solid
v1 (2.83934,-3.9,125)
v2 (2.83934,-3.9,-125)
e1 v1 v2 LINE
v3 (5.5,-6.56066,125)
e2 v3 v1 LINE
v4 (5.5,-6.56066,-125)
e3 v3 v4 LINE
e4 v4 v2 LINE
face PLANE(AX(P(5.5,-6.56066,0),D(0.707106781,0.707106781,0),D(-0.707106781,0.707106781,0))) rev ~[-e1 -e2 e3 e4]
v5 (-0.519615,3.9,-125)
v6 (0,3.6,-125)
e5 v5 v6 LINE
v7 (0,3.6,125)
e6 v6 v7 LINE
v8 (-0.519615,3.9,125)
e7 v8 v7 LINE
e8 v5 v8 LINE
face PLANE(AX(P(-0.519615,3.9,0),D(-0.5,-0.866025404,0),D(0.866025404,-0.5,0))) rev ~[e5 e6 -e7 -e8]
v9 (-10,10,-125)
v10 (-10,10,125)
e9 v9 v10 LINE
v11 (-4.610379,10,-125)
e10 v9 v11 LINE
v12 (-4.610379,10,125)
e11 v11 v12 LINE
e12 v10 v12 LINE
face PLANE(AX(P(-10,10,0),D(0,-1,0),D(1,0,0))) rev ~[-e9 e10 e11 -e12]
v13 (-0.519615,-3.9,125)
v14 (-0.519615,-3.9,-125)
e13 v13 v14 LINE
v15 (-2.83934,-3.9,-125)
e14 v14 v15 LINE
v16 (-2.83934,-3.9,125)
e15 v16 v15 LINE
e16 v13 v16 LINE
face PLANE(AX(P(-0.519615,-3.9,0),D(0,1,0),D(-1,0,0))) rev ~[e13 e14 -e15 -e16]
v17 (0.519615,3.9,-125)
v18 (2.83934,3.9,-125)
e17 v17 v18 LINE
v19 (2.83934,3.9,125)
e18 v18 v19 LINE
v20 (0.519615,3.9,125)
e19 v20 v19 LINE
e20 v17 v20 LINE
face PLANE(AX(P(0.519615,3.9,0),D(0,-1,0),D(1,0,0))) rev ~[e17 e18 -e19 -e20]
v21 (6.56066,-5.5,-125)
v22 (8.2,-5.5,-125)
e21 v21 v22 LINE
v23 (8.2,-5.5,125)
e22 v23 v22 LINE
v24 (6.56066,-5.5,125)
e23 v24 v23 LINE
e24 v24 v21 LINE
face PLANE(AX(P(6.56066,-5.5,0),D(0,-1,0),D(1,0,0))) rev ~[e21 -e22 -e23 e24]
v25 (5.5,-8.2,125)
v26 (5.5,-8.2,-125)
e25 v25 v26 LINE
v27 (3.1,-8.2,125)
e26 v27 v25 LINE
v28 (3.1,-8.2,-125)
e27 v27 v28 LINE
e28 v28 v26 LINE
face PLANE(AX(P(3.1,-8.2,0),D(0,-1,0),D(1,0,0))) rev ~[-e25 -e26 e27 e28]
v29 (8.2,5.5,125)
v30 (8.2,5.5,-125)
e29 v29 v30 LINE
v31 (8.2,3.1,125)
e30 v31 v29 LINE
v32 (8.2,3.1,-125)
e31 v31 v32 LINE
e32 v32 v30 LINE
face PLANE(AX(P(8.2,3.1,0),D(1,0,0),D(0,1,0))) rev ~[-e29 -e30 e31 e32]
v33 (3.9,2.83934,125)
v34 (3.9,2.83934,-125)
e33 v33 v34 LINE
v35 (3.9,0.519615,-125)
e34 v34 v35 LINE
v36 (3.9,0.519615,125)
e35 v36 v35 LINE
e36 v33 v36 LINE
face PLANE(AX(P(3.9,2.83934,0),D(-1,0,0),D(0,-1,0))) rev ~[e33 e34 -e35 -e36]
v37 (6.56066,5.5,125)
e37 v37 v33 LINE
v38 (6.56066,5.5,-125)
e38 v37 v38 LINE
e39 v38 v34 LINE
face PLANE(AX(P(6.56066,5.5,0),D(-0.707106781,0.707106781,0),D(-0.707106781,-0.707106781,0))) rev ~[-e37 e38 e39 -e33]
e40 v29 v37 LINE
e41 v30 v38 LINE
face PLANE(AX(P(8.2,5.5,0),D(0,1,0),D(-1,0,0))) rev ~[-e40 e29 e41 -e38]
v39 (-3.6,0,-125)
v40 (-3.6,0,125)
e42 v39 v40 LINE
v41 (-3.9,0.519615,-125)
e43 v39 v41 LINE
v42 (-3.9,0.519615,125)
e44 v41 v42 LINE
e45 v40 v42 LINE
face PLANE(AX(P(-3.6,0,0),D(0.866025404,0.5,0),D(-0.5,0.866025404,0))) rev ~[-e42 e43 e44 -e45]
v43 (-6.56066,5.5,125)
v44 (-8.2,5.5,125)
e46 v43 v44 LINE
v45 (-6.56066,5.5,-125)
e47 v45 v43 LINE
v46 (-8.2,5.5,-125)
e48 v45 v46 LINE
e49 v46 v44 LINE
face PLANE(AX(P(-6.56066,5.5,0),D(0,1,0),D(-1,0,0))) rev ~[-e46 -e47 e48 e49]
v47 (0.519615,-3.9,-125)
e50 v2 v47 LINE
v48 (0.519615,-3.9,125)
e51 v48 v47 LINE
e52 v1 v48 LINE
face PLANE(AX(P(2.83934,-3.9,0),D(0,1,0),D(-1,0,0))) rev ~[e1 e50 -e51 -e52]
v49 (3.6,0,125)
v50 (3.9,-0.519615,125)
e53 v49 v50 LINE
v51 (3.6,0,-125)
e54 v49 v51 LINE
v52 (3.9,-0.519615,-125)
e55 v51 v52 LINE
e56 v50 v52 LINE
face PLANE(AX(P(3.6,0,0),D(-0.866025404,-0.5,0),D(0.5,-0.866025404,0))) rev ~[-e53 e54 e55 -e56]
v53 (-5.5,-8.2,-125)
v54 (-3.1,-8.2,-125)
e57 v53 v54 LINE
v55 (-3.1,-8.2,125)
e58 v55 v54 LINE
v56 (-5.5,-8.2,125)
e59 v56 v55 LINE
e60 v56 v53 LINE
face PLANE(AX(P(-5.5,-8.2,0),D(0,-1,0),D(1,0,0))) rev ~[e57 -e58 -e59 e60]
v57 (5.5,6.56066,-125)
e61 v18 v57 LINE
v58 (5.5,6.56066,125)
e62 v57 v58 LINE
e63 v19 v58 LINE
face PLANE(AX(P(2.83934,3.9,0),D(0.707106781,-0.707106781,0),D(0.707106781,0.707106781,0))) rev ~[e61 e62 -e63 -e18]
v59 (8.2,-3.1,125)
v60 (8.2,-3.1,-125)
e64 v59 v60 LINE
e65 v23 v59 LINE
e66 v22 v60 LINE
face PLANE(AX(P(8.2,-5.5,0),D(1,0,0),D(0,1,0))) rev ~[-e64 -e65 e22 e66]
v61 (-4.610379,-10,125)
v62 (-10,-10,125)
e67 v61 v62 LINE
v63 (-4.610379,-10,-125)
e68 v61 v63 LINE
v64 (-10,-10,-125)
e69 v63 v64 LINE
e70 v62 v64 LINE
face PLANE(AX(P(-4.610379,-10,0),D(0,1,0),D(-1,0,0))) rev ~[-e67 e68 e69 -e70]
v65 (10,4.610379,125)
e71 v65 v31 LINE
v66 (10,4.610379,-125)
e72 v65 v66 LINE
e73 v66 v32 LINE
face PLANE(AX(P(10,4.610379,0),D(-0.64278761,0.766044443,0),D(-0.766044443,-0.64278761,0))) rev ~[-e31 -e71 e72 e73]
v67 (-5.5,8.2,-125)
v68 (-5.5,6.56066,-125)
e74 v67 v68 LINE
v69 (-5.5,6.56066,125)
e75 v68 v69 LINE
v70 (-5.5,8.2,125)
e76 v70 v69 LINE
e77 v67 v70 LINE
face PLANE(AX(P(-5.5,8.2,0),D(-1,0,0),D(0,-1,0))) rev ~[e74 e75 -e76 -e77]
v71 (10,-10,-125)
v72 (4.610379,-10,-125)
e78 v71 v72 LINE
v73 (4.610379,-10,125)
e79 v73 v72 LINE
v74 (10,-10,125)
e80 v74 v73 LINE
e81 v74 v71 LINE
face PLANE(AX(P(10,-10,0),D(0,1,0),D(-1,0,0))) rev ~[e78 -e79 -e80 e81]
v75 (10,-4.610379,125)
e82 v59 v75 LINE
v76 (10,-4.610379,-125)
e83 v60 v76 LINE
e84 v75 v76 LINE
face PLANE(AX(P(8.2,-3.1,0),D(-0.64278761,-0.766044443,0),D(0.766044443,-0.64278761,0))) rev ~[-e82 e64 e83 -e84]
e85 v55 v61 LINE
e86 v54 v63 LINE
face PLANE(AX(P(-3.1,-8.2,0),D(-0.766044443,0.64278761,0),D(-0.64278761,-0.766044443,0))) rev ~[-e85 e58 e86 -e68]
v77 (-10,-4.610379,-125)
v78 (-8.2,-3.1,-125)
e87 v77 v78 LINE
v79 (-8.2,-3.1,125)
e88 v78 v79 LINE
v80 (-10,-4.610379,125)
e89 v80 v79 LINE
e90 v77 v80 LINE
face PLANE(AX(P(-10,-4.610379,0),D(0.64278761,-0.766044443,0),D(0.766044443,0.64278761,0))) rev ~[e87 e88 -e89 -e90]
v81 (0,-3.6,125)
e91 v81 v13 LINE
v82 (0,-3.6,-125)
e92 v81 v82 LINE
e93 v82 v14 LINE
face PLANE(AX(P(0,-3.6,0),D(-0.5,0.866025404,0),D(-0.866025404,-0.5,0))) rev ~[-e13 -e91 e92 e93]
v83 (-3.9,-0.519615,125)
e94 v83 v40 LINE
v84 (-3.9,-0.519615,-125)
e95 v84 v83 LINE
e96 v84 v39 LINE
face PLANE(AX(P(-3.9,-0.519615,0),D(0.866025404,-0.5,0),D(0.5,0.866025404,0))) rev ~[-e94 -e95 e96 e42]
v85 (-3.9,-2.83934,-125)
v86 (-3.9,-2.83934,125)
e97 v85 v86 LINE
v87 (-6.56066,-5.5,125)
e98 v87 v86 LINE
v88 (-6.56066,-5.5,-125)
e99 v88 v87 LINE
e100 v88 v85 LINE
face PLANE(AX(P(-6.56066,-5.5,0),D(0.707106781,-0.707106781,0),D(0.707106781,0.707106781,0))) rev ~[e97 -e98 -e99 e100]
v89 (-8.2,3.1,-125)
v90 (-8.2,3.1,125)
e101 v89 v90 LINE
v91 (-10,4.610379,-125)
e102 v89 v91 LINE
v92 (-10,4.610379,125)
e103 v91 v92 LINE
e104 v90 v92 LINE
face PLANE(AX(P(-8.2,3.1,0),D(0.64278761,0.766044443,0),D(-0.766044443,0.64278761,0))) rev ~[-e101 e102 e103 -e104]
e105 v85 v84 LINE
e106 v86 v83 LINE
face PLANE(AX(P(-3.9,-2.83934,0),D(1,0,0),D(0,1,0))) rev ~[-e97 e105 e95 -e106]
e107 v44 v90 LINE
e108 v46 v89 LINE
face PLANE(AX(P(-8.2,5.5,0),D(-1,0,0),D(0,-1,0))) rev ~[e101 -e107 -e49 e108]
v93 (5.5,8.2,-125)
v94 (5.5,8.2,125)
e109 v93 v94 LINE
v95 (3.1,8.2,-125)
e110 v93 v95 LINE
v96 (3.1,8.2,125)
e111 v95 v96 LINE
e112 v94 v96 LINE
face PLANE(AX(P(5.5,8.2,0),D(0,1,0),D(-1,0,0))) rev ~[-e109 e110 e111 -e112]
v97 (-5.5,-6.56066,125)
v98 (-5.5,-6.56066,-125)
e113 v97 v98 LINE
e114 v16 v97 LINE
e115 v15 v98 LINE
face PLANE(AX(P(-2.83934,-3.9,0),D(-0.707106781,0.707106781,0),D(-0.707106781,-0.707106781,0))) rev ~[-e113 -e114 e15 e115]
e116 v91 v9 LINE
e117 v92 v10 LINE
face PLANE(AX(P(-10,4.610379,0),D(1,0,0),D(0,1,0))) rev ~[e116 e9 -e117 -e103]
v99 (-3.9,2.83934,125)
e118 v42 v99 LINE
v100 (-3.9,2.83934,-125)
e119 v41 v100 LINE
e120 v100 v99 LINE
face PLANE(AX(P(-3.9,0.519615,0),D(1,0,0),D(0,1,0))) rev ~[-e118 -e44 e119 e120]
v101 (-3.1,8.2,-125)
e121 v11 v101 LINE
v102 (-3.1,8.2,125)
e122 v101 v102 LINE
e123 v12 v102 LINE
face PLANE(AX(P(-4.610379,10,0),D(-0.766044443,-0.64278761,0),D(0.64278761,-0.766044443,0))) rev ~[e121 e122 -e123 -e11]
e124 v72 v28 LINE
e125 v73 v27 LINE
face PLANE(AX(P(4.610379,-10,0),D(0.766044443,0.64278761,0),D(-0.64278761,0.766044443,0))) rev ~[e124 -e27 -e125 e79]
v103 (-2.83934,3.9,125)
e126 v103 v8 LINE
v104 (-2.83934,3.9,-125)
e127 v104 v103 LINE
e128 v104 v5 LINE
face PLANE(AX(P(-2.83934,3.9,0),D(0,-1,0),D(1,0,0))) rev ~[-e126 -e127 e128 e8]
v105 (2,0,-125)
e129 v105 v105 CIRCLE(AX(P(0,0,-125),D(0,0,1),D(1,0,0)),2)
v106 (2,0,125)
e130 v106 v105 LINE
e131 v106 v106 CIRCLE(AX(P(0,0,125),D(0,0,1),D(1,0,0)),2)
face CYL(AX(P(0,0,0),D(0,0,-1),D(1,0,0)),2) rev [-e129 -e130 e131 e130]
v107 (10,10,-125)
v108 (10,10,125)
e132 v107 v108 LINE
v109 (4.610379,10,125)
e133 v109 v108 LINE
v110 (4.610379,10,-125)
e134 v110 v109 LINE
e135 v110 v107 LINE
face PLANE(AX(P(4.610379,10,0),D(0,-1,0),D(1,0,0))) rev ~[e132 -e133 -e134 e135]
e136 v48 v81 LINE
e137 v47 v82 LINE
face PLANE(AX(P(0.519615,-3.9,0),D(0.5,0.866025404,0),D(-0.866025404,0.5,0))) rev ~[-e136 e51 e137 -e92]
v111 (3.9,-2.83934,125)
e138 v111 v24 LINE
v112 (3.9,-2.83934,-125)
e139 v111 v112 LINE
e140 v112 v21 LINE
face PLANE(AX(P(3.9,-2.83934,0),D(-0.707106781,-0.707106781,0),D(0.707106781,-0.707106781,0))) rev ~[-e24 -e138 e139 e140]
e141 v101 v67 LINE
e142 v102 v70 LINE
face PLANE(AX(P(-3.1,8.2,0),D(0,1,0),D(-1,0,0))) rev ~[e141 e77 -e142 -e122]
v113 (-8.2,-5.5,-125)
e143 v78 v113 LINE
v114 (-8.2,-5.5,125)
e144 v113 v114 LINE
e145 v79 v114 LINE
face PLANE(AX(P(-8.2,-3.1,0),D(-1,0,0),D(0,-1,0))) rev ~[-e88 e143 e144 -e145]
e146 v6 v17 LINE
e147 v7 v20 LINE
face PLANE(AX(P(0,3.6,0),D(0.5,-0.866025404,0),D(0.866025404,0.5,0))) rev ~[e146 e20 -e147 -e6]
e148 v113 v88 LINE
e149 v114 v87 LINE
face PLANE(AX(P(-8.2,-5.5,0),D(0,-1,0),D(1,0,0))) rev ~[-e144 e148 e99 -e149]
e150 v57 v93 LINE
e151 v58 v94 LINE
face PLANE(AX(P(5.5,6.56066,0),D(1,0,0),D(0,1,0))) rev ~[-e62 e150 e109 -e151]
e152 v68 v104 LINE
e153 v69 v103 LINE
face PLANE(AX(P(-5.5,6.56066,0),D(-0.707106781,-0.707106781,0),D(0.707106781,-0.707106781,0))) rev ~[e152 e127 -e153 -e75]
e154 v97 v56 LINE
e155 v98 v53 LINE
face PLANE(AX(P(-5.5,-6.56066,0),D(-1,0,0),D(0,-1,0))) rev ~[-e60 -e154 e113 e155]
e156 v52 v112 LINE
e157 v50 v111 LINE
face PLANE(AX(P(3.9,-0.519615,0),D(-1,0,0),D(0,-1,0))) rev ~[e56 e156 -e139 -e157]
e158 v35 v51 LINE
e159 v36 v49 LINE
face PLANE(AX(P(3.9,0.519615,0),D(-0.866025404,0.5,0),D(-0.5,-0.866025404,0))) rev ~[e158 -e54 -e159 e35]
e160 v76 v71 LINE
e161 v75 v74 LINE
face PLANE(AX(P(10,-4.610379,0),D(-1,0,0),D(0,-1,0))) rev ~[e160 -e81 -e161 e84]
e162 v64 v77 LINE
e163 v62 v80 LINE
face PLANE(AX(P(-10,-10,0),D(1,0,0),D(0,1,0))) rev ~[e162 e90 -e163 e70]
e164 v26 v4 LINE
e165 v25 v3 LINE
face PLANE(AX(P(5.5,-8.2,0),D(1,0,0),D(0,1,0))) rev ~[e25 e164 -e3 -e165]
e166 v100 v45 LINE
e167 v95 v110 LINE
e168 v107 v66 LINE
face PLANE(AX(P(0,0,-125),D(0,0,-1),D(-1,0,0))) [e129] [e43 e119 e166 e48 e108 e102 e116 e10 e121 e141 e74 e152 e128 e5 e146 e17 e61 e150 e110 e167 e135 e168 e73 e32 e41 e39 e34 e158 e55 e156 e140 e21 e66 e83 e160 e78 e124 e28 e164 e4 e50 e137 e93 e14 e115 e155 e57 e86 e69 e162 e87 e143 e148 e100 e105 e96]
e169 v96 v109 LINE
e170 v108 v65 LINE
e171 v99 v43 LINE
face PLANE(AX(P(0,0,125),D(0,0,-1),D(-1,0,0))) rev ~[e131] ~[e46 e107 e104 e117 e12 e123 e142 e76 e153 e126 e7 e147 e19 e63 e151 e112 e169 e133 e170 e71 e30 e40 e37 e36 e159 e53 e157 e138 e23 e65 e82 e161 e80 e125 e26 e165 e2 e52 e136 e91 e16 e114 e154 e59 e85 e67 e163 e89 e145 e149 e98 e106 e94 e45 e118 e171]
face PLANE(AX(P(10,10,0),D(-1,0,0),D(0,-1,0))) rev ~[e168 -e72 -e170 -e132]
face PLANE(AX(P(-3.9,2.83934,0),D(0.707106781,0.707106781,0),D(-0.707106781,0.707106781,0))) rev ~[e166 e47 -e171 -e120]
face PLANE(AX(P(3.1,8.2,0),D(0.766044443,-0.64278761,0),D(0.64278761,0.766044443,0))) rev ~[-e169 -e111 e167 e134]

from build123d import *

# Parameters (mm, degrees)
SKETCH1_R           = 2
BOSS_EXTRUDE1_DEPTH = 125


with BuildPart() as part:
    # Sketch1 → Boss-Extrude1 (new, symmetric)
    with BuildSketch(Plane.XY):
        Polygon((10, 10), (10, 4.610379336), (8.2, 3.1), (8.2, 5.5), (6.560660172, 5.5), (3.9, 2.839339828), (3.9, 0.519615242), (3.6, 0), (3.9, -0.519615242), (3.9, -2.839339828), (6.560660172, -5.5), (8.2, -5.5), (8.2, -3.1), (10, -4.610379336), (10, -10), (4.610379336, -10), (3.1, -8.2), (5.5, -8.2), (5.5, -6.560660172), (2.839339828, -3.9), (0.519615242, -3.9), (0, -3.6), (-0.519615242, -3.9), (-2.839339828, -3.9), (-5.5, -6.560660172), (-5.5, -8.2), (-3.1, -8.2), (-4.610379336, -10), (-10, -10), (-10, -4.610379336), (-8.2, -3.1), (-8.2, -5.5), (-6.560660172, -5.5), (-3.9, -2.839339828), (-3.9, -0.519615242), (-3.6, 0), (-3.9, 0.519615242), (-3.9, 2.839339828), (-6.560660172, 5.5), (-8.2, 5.5), (-8.2, 3.1), (-10, 4.610379336), (-10, 10), (-4.610379336, 10), (-3.1, 8.2), (-5.5, 8.2), (-5.5, 6.560660172), (-2.839339828, 3.9), (-0.519615242, 3.9), (0, 3.6), (0.519615242, 3.9), (2.839339828, 3.9), (5.5, 6.560660172), (5.5, 8.2), (3.1, 8.2), (4.610379336, 10), align=None)
        Circle(SKETCH1_R, mode=Mode.SUBTRACT)
    extrude(amount=BOSS_EXTRUDE1_DEPTH, both=True)


solid = part.part
